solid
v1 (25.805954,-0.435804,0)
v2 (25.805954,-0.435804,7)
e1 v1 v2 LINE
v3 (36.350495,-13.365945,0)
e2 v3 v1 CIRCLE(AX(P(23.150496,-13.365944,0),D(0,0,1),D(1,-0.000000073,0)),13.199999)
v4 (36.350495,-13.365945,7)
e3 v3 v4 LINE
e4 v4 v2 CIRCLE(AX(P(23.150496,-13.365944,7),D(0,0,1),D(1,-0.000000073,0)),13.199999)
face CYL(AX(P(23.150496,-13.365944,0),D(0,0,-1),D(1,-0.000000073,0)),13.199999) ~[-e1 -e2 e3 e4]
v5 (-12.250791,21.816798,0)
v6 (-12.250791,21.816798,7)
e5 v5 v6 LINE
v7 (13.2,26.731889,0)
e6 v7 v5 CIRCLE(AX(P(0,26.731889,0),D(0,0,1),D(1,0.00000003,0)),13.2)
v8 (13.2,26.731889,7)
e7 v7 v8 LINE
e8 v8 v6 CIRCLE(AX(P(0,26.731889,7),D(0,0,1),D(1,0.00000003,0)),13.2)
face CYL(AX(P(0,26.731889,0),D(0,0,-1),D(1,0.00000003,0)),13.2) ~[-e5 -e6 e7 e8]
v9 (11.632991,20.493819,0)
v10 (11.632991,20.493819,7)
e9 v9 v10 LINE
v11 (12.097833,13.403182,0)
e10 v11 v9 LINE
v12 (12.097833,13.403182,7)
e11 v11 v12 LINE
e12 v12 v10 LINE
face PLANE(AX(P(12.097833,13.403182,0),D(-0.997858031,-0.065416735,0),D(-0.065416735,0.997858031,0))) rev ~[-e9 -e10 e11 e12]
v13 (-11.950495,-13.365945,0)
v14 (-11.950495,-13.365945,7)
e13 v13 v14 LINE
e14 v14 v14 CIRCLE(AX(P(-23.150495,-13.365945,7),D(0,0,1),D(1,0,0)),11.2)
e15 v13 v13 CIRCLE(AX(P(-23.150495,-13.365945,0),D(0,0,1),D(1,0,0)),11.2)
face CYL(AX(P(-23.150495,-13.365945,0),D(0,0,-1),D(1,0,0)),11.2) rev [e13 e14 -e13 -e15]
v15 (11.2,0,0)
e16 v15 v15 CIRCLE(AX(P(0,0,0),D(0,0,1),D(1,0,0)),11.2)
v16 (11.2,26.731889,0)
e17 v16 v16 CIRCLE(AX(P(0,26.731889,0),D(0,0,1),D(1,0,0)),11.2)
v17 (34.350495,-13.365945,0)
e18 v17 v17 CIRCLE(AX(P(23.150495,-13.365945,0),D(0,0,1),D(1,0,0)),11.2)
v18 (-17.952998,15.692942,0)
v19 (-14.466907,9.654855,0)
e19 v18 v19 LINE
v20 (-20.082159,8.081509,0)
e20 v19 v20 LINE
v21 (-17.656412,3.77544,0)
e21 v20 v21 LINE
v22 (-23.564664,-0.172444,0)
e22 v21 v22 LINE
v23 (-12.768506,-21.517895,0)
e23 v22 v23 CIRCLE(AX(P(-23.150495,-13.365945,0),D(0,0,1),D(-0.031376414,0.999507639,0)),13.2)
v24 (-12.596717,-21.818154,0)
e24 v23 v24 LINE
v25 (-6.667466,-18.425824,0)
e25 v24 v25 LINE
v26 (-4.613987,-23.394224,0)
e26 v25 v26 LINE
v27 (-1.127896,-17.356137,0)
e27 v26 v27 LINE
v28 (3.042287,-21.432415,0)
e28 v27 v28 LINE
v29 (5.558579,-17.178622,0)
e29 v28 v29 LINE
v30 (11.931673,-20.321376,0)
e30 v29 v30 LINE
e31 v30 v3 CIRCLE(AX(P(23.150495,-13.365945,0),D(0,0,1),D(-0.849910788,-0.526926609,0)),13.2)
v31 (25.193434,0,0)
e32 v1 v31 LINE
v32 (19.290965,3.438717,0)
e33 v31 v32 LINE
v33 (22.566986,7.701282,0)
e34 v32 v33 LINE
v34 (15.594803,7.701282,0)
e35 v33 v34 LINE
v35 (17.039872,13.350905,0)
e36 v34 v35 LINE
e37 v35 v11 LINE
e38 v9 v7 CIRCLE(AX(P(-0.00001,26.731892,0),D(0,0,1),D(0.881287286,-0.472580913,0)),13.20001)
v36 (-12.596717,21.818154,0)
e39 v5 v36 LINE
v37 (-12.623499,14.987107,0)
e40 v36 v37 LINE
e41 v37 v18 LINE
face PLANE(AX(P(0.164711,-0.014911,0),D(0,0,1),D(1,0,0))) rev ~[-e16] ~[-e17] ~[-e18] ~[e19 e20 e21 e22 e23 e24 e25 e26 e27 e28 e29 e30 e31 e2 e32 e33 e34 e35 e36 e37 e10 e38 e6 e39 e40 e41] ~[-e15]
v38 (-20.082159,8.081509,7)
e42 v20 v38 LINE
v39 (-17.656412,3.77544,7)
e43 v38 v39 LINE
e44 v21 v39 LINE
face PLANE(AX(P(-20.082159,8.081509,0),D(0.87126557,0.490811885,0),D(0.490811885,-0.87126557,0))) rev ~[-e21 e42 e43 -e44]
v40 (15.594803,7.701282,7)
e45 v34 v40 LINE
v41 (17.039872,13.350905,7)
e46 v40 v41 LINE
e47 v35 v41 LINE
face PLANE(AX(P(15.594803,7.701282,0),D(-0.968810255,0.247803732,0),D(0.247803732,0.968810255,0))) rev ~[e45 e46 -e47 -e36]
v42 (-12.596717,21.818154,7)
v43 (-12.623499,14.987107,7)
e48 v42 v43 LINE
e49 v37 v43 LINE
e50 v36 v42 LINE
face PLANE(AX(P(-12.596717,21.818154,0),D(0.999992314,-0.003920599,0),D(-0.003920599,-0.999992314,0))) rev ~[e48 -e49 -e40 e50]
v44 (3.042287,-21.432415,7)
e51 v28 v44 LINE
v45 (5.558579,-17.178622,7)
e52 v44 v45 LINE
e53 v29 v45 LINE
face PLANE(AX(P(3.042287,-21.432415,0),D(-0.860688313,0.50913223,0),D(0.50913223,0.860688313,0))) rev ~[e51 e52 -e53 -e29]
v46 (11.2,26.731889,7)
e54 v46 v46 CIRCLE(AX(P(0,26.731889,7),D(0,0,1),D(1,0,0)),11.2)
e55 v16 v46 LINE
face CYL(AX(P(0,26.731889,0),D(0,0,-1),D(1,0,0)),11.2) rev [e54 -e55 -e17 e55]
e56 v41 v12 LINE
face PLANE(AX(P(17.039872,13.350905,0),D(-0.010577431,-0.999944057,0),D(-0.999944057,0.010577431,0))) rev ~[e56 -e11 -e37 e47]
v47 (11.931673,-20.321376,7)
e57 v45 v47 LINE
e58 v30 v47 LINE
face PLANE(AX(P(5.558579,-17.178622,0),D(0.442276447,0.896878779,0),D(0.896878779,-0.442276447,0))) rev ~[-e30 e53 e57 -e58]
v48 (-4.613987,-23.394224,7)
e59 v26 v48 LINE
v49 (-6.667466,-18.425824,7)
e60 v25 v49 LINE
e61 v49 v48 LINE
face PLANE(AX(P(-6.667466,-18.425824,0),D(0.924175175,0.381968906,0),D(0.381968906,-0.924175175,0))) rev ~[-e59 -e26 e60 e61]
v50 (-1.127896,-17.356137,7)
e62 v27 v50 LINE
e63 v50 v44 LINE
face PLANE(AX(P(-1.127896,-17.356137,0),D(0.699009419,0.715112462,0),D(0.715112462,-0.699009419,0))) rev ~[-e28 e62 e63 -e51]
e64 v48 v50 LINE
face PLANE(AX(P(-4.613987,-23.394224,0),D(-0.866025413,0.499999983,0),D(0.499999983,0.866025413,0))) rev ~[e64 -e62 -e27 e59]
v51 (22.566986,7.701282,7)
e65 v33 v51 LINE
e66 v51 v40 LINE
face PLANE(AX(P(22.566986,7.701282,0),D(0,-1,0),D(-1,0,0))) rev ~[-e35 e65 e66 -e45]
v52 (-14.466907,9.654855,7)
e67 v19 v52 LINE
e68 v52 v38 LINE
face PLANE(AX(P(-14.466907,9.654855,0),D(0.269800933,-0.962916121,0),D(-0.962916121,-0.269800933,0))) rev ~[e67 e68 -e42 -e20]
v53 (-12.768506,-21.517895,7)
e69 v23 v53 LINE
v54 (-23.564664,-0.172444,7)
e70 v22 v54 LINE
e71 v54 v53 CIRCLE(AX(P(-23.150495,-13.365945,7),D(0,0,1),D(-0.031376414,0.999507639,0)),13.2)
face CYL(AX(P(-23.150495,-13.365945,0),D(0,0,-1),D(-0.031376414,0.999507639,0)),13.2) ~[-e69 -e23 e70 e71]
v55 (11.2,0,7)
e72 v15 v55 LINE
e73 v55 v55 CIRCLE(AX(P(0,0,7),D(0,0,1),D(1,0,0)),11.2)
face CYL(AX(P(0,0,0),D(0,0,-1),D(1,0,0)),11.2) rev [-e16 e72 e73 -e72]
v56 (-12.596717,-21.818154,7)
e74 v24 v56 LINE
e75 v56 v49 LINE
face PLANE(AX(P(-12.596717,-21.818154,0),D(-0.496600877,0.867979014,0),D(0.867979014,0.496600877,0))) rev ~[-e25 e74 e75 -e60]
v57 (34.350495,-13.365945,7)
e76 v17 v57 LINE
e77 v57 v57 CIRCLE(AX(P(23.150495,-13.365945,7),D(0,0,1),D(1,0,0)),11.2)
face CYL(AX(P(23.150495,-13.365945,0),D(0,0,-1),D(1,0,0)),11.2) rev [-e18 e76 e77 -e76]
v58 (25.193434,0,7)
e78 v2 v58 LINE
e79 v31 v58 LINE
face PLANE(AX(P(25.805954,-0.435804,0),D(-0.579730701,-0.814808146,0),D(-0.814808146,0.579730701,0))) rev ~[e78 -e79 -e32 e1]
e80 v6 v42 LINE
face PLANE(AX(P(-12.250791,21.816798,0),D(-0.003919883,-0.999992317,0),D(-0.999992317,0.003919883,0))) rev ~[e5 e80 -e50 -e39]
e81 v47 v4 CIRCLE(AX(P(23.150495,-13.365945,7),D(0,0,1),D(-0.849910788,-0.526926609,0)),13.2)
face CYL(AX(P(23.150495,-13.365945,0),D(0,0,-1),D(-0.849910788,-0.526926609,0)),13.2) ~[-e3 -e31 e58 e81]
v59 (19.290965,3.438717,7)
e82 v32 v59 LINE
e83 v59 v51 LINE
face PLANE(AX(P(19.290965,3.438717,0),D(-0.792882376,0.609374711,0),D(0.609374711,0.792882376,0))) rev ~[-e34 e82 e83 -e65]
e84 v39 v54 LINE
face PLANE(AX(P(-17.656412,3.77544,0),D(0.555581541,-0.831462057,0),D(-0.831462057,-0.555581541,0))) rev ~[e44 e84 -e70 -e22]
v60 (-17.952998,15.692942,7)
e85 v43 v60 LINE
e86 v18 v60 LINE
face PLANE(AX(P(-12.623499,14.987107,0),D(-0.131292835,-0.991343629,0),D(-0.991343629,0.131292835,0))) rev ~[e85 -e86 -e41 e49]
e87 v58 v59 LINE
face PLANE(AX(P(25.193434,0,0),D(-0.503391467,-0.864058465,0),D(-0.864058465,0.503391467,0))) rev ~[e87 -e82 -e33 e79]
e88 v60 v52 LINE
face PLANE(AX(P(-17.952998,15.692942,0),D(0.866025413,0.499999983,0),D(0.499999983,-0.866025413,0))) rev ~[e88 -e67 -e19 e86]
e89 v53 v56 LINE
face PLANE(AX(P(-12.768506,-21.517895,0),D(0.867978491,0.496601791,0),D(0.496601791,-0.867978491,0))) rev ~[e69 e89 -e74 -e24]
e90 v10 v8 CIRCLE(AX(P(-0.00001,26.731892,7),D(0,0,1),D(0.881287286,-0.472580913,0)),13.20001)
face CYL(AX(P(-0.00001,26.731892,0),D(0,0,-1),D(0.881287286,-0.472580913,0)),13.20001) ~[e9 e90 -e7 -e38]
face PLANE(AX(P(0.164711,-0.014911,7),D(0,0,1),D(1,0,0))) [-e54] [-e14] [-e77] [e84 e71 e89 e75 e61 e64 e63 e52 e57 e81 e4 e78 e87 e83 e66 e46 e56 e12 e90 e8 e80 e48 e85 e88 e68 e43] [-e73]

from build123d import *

# Parameters (mm, degrees)
F0_R     = 13.2
F0_R_2   = 11.2
F1_DEPTH = 7


with BuildPart() as f1:
    # F0 (on Top) → F1 (new body)
    with BuildSketch(Plane.XY):
        with BuildLine():
            ThreePointArc((11.632991, 20.493819), (-0.73006, 13.552093), (-12.250791, 21.816798))
            Line((-12.250791, 21.816798), (-12.596717, 21.818154))
            Line((-12.596717, 21.818154), (-12.623499, 14.987107))
            Line((-12.623499, 14.987107), (-17.952998, 15.692942))
            Line((-17.952998, 15.692942), (-14.466907, 9.654855))
            Line((-14.466907, 9.654855), (-20.082159, 8.081509))
            Line((-20.082159, 8.081509), (-17.656412, 3.77544))
            Line((-17.656412, 3.77544), (-23.564664, -0.172444))
            ThreePointArc((-23.564664, -0.172444), (-13.964283, -3.886835), (-9.950495, -13.365945))
            ThreePointArc((-9.950495, -13.365945), (-10.674874, -17.678585), (-12.768506, -21.517895))
            Line((-12.768506, -21.517895), (-12.596717, -21.818154))
            Line((-12.596717, -21.818154), (-6.667466, -18.425824))
            Line((-6.667466, -18.425824), (-4.613987, -23.394224))
            Line((-4.613987, -23.394224), (-1.127896, -17.356137))
            Line((-1.127896, -17.356137), (3.042287, -21.432415))
            Line((3.042287, -21.432415), (5.558579, -17.178622))
            Line((5.558579, -17.178622), (11.931673, -20.321376))
            ThreePointArc((11.931673, -20.321376), (12.324979, -5.812918), (25.805954, -0.435804))
            Line((25.805954, -0.435804), (25.193434, 0))
            Line((25.193434, 0), (19.290965, 3.438717))
            Line((19.290965, 3.438717), (22.566986, 7.701282))
            Line((22.566986, 7.701282), (15.594803, 7.701282))
            Line((15.594803, 7.701282), (17.039872, 13.350905))
            Line((17.039872, 13.350905), (12.097833, 13.403182))
            Line((12.097833, 13.403182), (11.632991, 20.493819))
        make_face()
        Circle(F0_R, mode=Mode.SUBTRACT)
        Circle(F0_R)
        Circle(F0_R_2, mode=Mode.SUBTRACT)
        with BuildLine():
            ThreePointArc((36.350495, -13.365945), (33.380159, -5.023644), (25.805954, -0.435804))
            ThreePointArc((25.805954, -0.435804), (12.324979, -5.812918), (11.931673, -20.321376))
            ThreePointArc((11.931673, -20.321376), (26.766539, -26.060992), (36.350495, -13.365945))
        make_face()
        with Locations((23.150495, -13.365945)):
            Circle(F0_R_2, mode=Mode.SUBTRACT)
        with BuildLine():
            ThreePointArc((-9.950495, -13.365945), (-13.964283, -3.886835), (-23.564664, -0.172444))
            ThreePointArc((-23.564664, -0.172444), (-34.929563, -19.323592), (-12.768506, -21.517895))
            ThreePointArc((-12.768506, -21.517895), (-10.674874, -17.678585), (-9.950495, -13.365945))
        make_face()
        with Locations((-23.150495, -13.365945)):
            Circle(F0_R_2, mode=Mode.SUBTRACT)
        with BuildLine():
            ThreePointArc((11.632991, 20.493819), (12.802255, 23.515951), (13.2, 26.731889))
            ThreePointArc((13.2, 26.731889), (-2.502954, 39.692414), (-12.250791, 21.816798))
            ThreePointArc((-12.250791, 21.816798), (-0.73006, 13.552093), (11.632991, 20.493819))
        make_face()
        with Locations((0, 26.731889)):
            Circle(F0_R_2, mode=Mode.SUBTRACT)
    extrude(amount=F1_DEPTH)


solid = f1.part
